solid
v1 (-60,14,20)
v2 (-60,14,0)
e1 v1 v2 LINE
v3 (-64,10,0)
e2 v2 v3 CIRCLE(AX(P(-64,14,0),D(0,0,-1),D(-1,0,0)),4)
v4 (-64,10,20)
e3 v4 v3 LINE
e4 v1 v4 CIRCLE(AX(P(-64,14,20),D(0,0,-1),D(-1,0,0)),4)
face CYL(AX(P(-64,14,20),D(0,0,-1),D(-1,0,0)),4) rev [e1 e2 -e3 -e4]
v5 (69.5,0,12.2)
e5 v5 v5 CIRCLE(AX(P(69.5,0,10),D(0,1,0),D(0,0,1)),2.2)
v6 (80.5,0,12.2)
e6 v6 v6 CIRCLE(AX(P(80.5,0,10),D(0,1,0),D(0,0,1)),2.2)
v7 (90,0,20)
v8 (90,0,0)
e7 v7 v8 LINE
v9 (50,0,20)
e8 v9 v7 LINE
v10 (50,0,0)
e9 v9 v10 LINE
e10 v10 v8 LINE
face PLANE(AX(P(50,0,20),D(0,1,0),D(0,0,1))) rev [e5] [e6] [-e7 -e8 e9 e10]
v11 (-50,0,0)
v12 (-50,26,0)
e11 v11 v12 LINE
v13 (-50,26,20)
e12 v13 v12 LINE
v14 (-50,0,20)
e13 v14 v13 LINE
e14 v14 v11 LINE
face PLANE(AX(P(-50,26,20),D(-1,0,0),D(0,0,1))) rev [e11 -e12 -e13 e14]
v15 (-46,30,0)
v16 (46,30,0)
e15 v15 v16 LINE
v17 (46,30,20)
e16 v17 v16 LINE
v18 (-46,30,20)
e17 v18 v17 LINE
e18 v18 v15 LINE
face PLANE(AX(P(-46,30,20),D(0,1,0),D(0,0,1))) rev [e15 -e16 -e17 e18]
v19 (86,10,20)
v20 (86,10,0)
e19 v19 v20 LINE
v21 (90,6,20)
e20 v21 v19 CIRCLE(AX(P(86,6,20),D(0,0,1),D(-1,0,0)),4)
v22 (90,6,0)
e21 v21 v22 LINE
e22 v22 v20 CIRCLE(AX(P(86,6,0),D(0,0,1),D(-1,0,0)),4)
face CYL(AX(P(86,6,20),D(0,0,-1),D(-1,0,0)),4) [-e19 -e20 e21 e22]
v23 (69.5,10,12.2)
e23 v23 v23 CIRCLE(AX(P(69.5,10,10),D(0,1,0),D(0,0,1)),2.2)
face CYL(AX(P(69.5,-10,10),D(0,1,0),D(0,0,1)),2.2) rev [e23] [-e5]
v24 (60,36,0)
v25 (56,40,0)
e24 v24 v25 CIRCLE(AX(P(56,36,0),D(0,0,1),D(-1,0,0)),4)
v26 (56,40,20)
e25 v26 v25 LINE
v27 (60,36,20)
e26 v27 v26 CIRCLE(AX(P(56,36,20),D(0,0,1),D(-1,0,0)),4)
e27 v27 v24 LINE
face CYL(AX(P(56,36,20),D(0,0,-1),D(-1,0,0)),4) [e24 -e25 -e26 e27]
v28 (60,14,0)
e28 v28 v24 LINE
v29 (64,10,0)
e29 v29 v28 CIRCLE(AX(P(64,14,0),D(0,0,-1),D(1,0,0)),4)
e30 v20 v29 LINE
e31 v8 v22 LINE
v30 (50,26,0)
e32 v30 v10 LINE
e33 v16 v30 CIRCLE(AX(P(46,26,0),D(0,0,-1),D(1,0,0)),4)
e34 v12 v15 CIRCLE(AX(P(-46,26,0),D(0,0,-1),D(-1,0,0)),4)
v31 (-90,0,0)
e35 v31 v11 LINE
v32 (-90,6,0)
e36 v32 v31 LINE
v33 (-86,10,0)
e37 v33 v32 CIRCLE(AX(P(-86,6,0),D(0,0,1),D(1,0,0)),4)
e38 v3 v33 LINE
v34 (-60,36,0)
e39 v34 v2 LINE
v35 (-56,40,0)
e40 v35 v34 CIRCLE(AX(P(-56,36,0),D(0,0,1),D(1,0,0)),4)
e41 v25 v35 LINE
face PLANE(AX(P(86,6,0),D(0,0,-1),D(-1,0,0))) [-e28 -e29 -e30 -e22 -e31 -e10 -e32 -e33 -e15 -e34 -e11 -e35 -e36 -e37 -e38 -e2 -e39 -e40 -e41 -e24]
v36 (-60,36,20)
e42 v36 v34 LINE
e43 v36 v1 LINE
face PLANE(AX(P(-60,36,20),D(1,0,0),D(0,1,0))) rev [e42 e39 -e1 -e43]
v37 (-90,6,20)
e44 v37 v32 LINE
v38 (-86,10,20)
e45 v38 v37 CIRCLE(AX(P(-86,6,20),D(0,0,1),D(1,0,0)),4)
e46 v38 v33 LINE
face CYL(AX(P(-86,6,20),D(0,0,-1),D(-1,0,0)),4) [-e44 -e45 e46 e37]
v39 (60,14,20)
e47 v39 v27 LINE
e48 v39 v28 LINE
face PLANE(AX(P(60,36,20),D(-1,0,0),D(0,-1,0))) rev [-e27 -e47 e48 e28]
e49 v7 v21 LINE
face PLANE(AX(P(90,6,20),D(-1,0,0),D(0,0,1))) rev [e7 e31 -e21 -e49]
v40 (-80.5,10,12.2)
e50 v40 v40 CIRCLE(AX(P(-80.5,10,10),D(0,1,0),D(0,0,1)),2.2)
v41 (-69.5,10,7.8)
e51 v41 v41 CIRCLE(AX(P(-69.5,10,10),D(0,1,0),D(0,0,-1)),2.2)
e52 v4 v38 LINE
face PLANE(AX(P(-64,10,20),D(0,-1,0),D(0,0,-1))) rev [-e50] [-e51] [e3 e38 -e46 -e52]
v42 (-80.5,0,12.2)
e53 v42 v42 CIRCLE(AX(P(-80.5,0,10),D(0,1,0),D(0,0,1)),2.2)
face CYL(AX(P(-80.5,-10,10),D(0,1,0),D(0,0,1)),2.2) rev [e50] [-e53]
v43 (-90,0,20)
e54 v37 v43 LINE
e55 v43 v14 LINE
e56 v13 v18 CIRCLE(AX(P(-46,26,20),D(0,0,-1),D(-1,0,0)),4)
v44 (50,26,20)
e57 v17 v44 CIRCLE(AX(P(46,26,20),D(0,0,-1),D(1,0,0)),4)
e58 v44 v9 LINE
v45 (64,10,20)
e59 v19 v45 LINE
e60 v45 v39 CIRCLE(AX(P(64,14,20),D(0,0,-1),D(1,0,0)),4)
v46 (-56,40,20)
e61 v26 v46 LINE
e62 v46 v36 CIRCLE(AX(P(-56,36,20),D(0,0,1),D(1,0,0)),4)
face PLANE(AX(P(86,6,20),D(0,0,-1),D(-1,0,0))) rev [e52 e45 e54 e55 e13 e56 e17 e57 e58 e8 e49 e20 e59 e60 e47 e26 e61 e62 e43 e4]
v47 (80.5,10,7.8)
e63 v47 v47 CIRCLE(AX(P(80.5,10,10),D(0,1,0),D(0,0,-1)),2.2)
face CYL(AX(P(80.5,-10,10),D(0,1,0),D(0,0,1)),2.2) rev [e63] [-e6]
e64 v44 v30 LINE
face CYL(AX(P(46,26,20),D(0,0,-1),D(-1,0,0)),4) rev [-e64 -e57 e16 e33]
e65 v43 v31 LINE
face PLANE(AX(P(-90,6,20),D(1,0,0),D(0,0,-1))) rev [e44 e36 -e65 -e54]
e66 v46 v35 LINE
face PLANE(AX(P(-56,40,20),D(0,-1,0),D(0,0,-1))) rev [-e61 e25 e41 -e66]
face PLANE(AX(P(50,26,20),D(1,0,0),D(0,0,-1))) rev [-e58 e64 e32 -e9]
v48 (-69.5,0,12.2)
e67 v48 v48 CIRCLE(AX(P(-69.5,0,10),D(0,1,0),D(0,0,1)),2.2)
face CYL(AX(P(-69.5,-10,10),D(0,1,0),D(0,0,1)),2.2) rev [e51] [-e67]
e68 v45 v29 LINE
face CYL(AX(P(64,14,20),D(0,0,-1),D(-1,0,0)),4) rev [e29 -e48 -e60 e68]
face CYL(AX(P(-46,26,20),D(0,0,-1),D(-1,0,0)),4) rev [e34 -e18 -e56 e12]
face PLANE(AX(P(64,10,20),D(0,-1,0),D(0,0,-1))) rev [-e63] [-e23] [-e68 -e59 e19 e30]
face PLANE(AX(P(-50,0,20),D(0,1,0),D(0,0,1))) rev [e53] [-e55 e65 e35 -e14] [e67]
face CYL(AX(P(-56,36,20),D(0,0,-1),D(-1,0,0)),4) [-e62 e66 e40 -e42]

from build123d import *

# Parameters (mm, degrees)
EXTRUDE_1_DEPTH     = 20
SKETCH_2_R          = 2.2
CUT_EXTRUDE_1_DEPTH = 20


with BuildPart() as part:
    # 草图1 → 凸台-拉伸1 (new body)
    with BuildSketch(Plane.XY):
        with BuildLine():
            Line((-46, 30), (46, 30))
            ThreePointArc((46, 30), (48.828427125, 28.828427125), (50, 26))
            Line((50, 26), (50, 0))
            Line((50, 0), (90, 0))
            Line((90, 0), (90, 6))
            ThreePointArc((90, 6), (88.828427125, 8.828427125), (86, 10))
            Line((86, 10), (64, 10))
            ThreePointArc((64, 10), (61.171572875, 11.171572875), (60, 14))
            Line((60, 14), (60, 36))
            ThreePointArc((60, 36), (58.828427125, 38.828427125), (56, 40))
            Line((56, 40), (-56, 40))
            ThreePointArc((-56, 40), (-58.828427125, 38.828427125), (-60, 36))
            Line((-60, 36), (-60, 14))
            ThreePointArc((-60, 14), (-61.171572875, 11.171572875), (-64, 10))
            Line((-64, 10), (-86, 10))
            ThreePointArc((-86, 10), (-88.828427125, 8.828427125), (-90, 6))
            Line((-90, 6), (-90, 0))
            Line((-90, 0), (-50, 0))
            Line((-50, 0), (-50, 26))
            ThreePointArc((-50, 26), (-48.828427125, 28.828427125), (-46, 30))
        make_face()
    extrude(amount=EXTRUDE_1_DEPTH)

    # 草图2 → 切除-拉伸1 (cut)
    with BuildSketch(Plane(origin=(0, 10, 0), x_dir=(1, 0, 0), z_dir=(0, 1, 0))):
        with Locations(Location((-80.5, -10, 0), (0, 0, 270))):
            Circle(SKETCH_2_R)
        with Locations(Location((-69.5, -10, 0), (0, 0, 270))):
            Circle(SKETCH_2_R)
        with Locations(Location((69.5, -10, 0), (0, 0, 270))):
            Circle(SKETCH_2_R)
        with Locations(Location((80.5, -10, 0), (0, 0, 270))):
            Circle(SKETCH_2_R)
    extrude(amount=-CUT_EXTRUDE_1_DEPTH, mode=Mode.SUBTRACT)


solid = part.part
